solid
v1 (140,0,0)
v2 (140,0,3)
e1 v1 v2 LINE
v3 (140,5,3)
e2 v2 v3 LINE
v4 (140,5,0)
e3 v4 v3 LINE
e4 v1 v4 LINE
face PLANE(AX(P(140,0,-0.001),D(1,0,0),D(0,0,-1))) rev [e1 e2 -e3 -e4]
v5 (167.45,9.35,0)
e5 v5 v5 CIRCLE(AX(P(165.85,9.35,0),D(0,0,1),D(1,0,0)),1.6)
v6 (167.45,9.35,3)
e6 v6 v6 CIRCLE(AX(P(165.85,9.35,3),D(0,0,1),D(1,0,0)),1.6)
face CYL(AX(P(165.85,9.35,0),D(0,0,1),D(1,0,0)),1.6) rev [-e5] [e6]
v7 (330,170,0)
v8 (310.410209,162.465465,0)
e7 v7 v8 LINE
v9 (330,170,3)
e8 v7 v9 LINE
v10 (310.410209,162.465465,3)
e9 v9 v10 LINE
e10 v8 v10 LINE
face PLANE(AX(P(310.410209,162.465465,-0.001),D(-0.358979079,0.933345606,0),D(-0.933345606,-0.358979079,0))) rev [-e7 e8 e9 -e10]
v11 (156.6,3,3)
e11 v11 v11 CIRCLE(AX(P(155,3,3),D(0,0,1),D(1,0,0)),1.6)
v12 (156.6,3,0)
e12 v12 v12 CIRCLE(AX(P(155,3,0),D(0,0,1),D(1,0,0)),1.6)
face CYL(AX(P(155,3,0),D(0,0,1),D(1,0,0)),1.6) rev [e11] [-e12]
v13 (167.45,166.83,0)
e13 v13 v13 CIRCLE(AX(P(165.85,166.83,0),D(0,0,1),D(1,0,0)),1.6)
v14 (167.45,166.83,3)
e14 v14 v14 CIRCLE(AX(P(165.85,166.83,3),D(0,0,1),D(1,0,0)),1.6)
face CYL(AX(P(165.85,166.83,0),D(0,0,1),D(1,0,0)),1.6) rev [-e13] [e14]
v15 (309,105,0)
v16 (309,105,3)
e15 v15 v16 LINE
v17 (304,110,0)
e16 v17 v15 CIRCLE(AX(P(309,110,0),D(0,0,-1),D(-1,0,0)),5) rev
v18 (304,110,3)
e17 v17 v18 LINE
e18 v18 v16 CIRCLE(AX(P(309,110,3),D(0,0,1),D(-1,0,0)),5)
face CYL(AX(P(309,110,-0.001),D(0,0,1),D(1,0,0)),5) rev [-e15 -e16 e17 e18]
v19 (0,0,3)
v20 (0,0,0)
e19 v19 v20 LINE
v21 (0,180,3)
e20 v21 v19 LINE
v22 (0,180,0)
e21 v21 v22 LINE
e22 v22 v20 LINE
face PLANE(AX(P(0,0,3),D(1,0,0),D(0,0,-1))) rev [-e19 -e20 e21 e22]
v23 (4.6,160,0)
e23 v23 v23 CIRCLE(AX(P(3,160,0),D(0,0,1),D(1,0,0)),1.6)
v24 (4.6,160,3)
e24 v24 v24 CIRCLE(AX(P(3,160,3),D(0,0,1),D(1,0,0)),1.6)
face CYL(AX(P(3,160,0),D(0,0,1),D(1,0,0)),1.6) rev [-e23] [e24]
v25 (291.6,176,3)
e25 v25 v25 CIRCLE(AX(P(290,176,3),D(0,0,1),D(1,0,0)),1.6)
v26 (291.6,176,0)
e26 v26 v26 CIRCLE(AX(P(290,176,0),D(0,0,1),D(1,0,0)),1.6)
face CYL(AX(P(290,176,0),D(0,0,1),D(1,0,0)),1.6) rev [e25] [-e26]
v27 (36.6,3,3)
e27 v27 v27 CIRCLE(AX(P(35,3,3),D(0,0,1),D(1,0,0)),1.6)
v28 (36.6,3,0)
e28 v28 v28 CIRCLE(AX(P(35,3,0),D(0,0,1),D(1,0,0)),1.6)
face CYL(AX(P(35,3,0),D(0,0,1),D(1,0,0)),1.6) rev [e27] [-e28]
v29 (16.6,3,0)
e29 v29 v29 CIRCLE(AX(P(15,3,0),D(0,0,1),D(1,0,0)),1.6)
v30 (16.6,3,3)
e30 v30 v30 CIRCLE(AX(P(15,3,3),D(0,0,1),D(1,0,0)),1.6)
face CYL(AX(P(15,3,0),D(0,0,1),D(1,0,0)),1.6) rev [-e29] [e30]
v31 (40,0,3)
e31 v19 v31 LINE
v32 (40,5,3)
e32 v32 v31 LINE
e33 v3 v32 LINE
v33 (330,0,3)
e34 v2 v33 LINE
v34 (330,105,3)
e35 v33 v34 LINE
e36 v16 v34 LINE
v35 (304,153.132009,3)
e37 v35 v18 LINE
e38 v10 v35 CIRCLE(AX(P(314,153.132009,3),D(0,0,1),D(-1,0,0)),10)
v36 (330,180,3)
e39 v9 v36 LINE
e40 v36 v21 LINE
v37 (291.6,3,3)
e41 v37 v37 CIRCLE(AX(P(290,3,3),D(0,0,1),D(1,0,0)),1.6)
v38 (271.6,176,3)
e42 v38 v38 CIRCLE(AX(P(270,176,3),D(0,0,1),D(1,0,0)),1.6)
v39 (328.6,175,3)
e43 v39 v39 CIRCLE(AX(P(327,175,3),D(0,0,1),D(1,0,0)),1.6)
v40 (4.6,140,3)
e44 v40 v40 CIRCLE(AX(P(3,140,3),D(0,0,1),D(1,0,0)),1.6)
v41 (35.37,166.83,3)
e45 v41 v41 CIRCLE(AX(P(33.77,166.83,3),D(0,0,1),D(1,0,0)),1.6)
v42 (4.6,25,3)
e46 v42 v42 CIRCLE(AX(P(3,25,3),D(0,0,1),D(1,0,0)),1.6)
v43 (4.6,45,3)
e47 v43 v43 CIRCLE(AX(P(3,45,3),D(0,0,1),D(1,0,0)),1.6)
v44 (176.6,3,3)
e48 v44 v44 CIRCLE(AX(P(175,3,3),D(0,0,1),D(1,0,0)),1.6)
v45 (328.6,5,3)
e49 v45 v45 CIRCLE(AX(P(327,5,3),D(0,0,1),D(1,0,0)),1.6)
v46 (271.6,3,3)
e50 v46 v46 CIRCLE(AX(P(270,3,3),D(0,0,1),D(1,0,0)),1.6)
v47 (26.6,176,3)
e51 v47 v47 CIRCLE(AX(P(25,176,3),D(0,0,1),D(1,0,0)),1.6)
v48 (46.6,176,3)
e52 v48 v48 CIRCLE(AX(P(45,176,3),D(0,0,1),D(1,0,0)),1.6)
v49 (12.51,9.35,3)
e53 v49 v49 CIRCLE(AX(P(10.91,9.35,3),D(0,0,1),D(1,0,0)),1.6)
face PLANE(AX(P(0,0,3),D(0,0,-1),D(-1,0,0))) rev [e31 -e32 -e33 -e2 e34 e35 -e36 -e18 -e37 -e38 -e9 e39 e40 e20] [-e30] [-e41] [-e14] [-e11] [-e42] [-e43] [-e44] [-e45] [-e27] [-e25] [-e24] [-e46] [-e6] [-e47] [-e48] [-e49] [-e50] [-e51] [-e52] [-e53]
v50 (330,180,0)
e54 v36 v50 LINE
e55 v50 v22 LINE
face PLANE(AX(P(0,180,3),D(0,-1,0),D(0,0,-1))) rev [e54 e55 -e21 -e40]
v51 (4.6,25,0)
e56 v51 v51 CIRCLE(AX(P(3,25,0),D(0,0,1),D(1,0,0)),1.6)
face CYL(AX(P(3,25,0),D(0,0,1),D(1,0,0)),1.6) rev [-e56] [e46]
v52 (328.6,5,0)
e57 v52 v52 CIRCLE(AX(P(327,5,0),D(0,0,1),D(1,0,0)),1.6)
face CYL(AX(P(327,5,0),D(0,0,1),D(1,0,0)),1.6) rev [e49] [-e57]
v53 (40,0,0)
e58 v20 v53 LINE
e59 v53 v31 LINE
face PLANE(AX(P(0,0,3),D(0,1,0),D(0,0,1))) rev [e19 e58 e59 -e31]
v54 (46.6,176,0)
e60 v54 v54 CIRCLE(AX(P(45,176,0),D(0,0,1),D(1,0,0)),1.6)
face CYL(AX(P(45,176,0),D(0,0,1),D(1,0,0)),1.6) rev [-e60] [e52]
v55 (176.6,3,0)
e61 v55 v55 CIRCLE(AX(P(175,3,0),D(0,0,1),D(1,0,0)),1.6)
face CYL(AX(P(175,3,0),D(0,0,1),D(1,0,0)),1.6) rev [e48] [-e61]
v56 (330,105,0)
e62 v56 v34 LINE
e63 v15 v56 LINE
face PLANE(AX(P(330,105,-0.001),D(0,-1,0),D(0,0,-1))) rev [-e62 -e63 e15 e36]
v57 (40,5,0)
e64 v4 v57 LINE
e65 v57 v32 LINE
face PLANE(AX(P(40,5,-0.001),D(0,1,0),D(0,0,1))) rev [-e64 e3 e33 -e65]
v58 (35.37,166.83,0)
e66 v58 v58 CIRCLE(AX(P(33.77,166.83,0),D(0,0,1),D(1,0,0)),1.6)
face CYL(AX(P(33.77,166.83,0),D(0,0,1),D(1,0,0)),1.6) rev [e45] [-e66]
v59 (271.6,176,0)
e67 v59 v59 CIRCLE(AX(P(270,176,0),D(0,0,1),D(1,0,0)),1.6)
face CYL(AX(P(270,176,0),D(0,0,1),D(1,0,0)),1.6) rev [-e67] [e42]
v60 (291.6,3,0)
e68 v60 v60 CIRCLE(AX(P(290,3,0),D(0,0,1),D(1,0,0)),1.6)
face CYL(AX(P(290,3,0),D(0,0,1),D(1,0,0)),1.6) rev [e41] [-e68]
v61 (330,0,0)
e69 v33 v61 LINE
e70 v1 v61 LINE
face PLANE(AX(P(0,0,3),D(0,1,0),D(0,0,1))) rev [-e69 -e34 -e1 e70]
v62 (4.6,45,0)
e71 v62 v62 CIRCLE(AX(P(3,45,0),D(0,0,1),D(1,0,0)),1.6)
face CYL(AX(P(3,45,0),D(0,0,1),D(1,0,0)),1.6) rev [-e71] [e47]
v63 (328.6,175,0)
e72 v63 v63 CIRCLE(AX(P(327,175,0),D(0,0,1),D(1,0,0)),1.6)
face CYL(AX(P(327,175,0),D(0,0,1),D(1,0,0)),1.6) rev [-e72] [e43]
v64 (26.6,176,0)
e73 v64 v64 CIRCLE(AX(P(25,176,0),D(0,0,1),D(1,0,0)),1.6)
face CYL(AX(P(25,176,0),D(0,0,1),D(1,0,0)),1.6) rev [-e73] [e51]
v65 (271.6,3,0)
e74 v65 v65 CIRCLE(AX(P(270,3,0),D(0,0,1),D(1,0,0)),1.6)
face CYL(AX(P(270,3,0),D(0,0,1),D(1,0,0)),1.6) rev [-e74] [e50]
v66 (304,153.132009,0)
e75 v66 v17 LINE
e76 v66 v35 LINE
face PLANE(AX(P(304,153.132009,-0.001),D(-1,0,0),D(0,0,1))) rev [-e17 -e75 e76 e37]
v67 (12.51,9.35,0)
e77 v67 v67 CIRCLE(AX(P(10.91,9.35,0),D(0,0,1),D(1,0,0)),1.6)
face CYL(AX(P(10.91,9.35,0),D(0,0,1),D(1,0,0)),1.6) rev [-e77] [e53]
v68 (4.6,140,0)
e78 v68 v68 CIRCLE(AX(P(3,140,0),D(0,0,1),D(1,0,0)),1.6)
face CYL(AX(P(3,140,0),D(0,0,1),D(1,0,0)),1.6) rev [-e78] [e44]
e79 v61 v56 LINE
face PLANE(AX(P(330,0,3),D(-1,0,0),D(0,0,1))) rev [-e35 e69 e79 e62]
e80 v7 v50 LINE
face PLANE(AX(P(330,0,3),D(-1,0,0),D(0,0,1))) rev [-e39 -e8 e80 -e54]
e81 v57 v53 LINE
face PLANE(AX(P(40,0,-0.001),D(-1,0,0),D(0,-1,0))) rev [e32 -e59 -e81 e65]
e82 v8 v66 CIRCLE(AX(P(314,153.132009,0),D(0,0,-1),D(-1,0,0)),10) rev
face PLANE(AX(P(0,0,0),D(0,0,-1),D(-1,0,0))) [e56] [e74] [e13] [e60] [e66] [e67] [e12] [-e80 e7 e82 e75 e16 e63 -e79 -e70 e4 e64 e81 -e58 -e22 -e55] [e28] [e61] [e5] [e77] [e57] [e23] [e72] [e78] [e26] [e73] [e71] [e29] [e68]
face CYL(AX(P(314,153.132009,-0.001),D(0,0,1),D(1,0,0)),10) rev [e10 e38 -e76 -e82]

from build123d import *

# Parameters (mm, degrees)
SKETCH_1_W          = 330
SKETCH_1_H          = 180
EXTRUDE_1_DEPTH     = 3
SKETCH_2_R          = 1.6
CUT_EXTRUDE_1_DEPTH = 376.910893697
SKETCH_3_R          = 1.6
CUT_EXTRUDE_2_DEPTH = 376.910893697
CUT_EXTRUDE_3_REACH = 377.911
SKETCH_4_W          = 100
SKETCH_4_H          = 5
CUT_EXTRUDE_4_REACH = 377.911


with BuildPart() as part:
    # 草图1 → 凸台-拉伸1 (new body)
    with BuildSketch(Plane.XY):
        with Locations((165, 90)):
            Rectangle(SKETCH_1_W, SKETCH_1_H)
    extrude(amount=EXTRUDE_1_DEPTH)

    # 草图2 → 切除-拉伸1 (cut, through all)
    with BuildSketch(Plane.XY.offset(3)):
        with Locations((33.77, 166.83)):
            Circle(SKETCH_2_R)
        with Locations((165.85, 166.83)):
            Circle(SKETCH_2_R)
        with Locations((10.91, 9.35)):
            Circle(SKETCH_2_R)
        with Locations((165.85, 9.35)):
            Circle(SKETCH_2_R)
    extrude(amount=-CUT_EXTRUDE_1_DEPTH, mode=Mode.SUBTRACT)

    # 草图3 → 切除-拉伸2 (cut, through all)
    with BuildSketch(Plane.XY.offset(3)):
        with Locations((3, 160)):
            Circle(SKETCH_3_R)
        with Locations((3, 140)):
            Circle(SKETCH_3_R)
        with Locations((3, 45)):
            Circle(SKETCH_3_R)
        with Locations((3, 25)):
            Circle(SKETCH_3_R)
        with Locations((15, 3)):
            Circle(SKETCH_3_R)
        with Locations((35, 3)):
            Circle(SKETCH_3_R)
        with Locations((155, 3)):
            Circle(SKETCH_3_R)
        with Locations((175, 3)):
            Circle(SKETCH_3_R)
        with Locations((25, 176)):
            Circle(SKETCH_3_R)
        with Locations((45, 176)):
            Circle(SKETCH_3_R)
        with Locations((270, 176)):
            Circle(SKETCH_3_R)
        with Locations((290, 176)):
            Circle(SKETCH_3_R)
        with Locations((270, 3)):
            Circle(SKETCH_3_R)
        with Locations((290, 3)):
            Circle(SKETCH_3_R)
        with Locations((327, 5)):
            Circle(SKETCH_3_R)
        with Locations((327, 175)):
            Circle(SKETCH_3_R)
    extrude(amount=-CUT_EXTRUDE_2_DEPTH, mode=Mode.SUBTRACT)

    # 草图4 → 切除-拉伸3 (cut, up to next)
    with BuildSketch(Plane.XY.offset(3), mode=Mode.PRIVATE) as cut_extrude_3_sk1:
        with Locations((90, 2.5)):
            Rectangle(SKETCH_4_W, SKETCH_4_H)
    cut_extrude_3_tool1 = extrude(cut_extrude_3_sk1.sketch, amount=-CUT_EXTRUDE_3_REACH, mode=Mode.PRIVATE) & part.part
    add(cut_extrude_3_tool1.solids().sort_by_distance((90, 2.5, 3))[0], mode=Mode.SUBTRACT)

    # 草图6 → 切除-拉伸4 (cut, up to next)
    with BuildSketch(Plane.XY.offset(3), mode=Mode.PRIVATE) as cut_extrude_4_sk1:
        with BuildLine():
            Line((330, 170), (330, 105))
            Line((330, 105), (309, 105))
            ThreePointArc((309, 105), (305.464466094, 106.464466094), (304, 110))
            Line((304, 110), (304, 153.132009018))
            ThreePointArc((304, 153.132009018), (305.75688445, 158.793373344), (310.410209207, 162.46546508))
            Line((310.410209207, 162.46546508), (330, 170))
        make_face()
    cut_extrude_4_tool1 = extrude(cut_extrude_4_sk1.sketch, amount=-CUT_EXTRUDE_4_REACH, mode=Mode.PRIVATE) & part.part
    add(cut_extrude_4_tool1.solids().sort_by_distance((317.469531, 135.038029, 3))[0], mode=Mode.SUBTRACT)


solid = part.part
